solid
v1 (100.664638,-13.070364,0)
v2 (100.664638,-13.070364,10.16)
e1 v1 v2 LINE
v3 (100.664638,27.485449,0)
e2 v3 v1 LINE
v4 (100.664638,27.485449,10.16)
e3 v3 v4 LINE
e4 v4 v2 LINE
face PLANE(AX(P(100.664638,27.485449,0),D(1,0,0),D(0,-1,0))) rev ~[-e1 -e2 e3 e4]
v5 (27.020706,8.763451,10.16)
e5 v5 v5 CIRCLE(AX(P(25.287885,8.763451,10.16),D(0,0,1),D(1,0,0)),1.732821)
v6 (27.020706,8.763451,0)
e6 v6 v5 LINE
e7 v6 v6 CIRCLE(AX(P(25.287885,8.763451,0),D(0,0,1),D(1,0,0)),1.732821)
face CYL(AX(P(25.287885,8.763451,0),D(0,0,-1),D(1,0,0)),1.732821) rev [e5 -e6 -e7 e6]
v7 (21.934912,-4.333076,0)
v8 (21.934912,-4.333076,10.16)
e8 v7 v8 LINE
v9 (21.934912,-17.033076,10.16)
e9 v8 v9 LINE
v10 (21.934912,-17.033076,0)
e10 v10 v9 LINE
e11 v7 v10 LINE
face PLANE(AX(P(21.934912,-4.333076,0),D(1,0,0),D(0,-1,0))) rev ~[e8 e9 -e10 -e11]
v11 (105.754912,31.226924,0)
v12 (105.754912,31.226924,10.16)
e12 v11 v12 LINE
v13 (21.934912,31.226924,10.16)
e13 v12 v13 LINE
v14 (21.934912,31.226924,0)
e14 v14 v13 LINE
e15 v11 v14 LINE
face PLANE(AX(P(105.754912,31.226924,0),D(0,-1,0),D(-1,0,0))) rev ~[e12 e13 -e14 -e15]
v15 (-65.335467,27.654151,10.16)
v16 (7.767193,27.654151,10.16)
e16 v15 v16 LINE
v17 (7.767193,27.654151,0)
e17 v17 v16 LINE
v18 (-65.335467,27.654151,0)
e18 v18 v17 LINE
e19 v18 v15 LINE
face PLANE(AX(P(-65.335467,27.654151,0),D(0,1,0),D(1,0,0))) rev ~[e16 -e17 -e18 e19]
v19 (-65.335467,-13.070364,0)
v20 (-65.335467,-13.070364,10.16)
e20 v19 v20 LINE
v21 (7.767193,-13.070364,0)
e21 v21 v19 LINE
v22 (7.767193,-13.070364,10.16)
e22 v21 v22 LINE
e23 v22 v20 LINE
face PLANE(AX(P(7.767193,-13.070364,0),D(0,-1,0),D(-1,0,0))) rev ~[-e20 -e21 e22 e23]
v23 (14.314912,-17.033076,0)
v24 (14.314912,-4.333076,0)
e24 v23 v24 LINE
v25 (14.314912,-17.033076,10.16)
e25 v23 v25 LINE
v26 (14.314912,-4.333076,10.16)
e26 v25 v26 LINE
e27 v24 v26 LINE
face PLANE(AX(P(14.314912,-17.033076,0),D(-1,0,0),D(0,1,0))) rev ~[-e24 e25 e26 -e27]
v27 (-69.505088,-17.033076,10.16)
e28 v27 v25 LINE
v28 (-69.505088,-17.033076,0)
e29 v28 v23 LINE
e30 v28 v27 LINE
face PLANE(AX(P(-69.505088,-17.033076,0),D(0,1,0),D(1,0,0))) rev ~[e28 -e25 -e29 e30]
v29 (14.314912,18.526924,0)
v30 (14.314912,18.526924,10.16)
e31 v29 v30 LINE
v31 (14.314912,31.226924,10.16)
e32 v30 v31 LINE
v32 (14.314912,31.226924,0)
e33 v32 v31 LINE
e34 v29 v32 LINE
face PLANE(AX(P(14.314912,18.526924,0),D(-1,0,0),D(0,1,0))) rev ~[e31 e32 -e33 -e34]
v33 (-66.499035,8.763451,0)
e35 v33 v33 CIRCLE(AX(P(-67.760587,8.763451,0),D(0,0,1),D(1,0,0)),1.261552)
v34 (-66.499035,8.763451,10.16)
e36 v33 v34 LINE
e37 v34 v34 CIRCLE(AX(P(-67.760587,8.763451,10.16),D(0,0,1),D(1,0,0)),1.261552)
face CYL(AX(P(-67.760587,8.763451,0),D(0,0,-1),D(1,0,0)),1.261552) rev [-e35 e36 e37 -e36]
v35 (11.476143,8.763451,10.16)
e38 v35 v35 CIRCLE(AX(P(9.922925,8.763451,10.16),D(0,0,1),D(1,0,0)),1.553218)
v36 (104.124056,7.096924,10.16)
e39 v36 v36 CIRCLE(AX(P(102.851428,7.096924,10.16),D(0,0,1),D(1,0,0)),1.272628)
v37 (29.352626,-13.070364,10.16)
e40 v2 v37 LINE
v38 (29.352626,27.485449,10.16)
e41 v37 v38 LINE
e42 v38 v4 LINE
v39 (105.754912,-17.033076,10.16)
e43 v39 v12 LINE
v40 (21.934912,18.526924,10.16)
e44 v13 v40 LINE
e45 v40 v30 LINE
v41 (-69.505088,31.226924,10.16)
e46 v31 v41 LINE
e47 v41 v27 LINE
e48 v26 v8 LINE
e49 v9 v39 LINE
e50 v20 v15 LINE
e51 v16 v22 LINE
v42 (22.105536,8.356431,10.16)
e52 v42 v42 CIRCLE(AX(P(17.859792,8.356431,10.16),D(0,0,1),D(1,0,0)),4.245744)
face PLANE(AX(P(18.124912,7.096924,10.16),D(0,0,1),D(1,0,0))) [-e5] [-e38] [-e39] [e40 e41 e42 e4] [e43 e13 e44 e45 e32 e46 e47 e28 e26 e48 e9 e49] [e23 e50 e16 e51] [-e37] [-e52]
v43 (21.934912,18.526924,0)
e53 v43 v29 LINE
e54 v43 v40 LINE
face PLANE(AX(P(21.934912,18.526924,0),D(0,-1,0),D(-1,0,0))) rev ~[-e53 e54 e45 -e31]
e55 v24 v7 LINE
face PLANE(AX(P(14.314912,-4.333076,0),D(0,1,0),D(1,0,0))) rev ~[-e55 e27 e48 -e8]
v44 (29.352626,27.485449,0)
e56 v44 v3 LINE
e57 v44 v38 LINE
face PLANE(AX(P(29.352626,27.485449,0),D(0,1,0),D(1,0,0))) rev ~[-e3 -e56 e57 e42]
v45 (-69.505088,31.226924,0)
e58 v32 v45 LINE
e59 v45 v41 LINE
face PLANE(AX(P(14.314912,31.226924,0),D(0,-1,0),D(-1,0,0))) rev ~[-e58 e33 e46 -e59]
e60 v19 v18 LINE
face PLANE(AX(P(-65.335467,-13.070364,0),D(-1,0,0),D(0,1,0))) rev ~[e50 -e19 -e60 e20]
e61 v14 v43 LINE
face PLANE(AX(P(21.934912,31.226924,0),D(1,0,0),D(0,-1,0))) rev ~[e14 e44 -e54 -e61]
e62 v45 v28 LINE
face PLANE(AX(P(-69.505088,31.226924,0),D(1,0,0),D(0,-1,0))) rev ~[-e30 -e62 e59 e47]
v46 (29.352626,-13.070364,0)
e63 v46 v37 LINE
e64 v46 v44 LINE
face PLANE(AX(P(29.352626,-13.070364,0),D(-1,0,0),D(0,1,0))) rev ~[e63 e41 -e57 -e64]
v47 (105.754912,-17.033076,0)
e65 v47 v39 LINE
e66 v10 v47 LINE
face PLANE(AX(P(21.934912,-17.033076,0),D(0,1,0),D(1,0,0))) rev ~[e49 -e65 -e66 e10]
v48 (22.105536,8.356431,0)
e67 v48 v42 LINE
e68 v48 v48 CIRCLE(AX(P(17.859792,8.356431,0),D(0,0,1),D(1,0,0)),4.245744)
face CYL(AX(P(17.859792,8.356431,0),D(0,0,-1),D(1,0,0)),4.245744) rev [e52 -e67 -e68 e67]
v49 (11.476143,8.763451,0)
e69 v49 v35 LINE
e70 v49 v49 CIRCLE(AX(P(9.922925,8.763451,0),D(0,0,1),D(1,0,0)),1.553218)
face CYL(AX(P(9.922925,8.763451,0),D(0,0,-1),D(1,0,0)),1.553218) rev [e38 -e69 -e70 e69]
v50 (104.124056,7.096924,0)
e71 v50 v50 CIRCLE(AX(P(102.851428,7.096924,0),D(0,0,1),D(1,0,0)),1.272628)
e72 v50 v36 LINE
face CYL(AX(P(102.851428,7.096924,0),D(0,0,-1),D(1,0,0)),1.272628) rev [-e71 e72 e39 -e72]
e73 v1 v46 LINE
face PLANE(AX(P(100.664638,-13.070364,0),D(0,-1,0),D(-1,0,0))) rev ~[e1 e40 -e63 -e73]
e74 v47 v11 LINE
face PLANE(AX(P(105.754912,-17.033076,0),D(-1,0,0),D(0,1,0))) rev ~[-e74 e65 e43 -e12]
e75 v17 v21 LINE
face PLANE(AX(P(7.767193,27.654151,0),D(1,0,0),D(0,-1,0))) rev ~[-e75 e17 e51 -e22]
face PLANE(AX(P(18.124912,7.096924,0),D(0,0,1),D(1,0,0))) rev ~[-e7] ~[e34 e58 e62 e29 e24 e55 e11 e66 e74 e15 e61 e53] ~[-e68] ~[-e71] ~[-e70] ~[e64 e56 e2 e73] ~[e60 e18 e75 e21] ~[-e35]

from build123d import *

# Parameters (mm, degrees)
F0_R     = 1.261552
F0_R_2   = 4.245744
F0_R_3   = 1.553218
F0_R_4   = 1.732821
F0_R_5   = 1.272628
F1_DEPTH = 10.16


with BuildPart() as f1:
    # F0 (on Top) → F1 (new body)
    with BuildSketch(Plane.XY):
        Polygon((14.314912, 31.226924), (-69.505088, 31.226924), (-69.505088, -17.033076), (14.314912, -17.033076), (14.314912, -4.333076), (21.934912, -4.333076), (21.934912, -17.033076), (105.754912, -17.033076), (105.754912, 31.226924), (21.934912, 31.226924), (21.934912, 18.526924), (14.314912, 18.526924), align=None)
        with Locations((-67.760587, 8.763451)):
            Circle(F0_R, mode=Mode.SUBTRACT)
        Polygon((-65.335467, -13.070364), (-65.335467, 27.654151), (7.767193, 27.654151), (7.767193, 14.534191), (7.767193, 0), (7.767193, -13.070364), align=None, mode=Mode.SUBTRACT)
        with Locations((17.859792, 8.356431)):
            Circle(F0_R_2, mode=Mode.SUBTRACT)
        with Locations((9.922925, 8.763451)):
            Circle(F0_R_3, mode=Mode.SUBTRACT)
        with Locations((25.287885, 8.763451)):
            Circle(F0_R_4, mode=Mode.SUBTRACT)
        Polygon((29.352626, -13.070364), (29.352626, 0), (29.352626, 14.534191), (29.352626, 27.485449), (100.664638, 27.485449), (100.664638, -13.070364), align=None, mode=Mode.SUBTRACT)
        with Locations((102.851428, 7.096924)):
            Circle(F0_R_5, mode=Mode.SUBTRACT)
    extrude(amount=F1_DEPTH)


solid = f1.part
